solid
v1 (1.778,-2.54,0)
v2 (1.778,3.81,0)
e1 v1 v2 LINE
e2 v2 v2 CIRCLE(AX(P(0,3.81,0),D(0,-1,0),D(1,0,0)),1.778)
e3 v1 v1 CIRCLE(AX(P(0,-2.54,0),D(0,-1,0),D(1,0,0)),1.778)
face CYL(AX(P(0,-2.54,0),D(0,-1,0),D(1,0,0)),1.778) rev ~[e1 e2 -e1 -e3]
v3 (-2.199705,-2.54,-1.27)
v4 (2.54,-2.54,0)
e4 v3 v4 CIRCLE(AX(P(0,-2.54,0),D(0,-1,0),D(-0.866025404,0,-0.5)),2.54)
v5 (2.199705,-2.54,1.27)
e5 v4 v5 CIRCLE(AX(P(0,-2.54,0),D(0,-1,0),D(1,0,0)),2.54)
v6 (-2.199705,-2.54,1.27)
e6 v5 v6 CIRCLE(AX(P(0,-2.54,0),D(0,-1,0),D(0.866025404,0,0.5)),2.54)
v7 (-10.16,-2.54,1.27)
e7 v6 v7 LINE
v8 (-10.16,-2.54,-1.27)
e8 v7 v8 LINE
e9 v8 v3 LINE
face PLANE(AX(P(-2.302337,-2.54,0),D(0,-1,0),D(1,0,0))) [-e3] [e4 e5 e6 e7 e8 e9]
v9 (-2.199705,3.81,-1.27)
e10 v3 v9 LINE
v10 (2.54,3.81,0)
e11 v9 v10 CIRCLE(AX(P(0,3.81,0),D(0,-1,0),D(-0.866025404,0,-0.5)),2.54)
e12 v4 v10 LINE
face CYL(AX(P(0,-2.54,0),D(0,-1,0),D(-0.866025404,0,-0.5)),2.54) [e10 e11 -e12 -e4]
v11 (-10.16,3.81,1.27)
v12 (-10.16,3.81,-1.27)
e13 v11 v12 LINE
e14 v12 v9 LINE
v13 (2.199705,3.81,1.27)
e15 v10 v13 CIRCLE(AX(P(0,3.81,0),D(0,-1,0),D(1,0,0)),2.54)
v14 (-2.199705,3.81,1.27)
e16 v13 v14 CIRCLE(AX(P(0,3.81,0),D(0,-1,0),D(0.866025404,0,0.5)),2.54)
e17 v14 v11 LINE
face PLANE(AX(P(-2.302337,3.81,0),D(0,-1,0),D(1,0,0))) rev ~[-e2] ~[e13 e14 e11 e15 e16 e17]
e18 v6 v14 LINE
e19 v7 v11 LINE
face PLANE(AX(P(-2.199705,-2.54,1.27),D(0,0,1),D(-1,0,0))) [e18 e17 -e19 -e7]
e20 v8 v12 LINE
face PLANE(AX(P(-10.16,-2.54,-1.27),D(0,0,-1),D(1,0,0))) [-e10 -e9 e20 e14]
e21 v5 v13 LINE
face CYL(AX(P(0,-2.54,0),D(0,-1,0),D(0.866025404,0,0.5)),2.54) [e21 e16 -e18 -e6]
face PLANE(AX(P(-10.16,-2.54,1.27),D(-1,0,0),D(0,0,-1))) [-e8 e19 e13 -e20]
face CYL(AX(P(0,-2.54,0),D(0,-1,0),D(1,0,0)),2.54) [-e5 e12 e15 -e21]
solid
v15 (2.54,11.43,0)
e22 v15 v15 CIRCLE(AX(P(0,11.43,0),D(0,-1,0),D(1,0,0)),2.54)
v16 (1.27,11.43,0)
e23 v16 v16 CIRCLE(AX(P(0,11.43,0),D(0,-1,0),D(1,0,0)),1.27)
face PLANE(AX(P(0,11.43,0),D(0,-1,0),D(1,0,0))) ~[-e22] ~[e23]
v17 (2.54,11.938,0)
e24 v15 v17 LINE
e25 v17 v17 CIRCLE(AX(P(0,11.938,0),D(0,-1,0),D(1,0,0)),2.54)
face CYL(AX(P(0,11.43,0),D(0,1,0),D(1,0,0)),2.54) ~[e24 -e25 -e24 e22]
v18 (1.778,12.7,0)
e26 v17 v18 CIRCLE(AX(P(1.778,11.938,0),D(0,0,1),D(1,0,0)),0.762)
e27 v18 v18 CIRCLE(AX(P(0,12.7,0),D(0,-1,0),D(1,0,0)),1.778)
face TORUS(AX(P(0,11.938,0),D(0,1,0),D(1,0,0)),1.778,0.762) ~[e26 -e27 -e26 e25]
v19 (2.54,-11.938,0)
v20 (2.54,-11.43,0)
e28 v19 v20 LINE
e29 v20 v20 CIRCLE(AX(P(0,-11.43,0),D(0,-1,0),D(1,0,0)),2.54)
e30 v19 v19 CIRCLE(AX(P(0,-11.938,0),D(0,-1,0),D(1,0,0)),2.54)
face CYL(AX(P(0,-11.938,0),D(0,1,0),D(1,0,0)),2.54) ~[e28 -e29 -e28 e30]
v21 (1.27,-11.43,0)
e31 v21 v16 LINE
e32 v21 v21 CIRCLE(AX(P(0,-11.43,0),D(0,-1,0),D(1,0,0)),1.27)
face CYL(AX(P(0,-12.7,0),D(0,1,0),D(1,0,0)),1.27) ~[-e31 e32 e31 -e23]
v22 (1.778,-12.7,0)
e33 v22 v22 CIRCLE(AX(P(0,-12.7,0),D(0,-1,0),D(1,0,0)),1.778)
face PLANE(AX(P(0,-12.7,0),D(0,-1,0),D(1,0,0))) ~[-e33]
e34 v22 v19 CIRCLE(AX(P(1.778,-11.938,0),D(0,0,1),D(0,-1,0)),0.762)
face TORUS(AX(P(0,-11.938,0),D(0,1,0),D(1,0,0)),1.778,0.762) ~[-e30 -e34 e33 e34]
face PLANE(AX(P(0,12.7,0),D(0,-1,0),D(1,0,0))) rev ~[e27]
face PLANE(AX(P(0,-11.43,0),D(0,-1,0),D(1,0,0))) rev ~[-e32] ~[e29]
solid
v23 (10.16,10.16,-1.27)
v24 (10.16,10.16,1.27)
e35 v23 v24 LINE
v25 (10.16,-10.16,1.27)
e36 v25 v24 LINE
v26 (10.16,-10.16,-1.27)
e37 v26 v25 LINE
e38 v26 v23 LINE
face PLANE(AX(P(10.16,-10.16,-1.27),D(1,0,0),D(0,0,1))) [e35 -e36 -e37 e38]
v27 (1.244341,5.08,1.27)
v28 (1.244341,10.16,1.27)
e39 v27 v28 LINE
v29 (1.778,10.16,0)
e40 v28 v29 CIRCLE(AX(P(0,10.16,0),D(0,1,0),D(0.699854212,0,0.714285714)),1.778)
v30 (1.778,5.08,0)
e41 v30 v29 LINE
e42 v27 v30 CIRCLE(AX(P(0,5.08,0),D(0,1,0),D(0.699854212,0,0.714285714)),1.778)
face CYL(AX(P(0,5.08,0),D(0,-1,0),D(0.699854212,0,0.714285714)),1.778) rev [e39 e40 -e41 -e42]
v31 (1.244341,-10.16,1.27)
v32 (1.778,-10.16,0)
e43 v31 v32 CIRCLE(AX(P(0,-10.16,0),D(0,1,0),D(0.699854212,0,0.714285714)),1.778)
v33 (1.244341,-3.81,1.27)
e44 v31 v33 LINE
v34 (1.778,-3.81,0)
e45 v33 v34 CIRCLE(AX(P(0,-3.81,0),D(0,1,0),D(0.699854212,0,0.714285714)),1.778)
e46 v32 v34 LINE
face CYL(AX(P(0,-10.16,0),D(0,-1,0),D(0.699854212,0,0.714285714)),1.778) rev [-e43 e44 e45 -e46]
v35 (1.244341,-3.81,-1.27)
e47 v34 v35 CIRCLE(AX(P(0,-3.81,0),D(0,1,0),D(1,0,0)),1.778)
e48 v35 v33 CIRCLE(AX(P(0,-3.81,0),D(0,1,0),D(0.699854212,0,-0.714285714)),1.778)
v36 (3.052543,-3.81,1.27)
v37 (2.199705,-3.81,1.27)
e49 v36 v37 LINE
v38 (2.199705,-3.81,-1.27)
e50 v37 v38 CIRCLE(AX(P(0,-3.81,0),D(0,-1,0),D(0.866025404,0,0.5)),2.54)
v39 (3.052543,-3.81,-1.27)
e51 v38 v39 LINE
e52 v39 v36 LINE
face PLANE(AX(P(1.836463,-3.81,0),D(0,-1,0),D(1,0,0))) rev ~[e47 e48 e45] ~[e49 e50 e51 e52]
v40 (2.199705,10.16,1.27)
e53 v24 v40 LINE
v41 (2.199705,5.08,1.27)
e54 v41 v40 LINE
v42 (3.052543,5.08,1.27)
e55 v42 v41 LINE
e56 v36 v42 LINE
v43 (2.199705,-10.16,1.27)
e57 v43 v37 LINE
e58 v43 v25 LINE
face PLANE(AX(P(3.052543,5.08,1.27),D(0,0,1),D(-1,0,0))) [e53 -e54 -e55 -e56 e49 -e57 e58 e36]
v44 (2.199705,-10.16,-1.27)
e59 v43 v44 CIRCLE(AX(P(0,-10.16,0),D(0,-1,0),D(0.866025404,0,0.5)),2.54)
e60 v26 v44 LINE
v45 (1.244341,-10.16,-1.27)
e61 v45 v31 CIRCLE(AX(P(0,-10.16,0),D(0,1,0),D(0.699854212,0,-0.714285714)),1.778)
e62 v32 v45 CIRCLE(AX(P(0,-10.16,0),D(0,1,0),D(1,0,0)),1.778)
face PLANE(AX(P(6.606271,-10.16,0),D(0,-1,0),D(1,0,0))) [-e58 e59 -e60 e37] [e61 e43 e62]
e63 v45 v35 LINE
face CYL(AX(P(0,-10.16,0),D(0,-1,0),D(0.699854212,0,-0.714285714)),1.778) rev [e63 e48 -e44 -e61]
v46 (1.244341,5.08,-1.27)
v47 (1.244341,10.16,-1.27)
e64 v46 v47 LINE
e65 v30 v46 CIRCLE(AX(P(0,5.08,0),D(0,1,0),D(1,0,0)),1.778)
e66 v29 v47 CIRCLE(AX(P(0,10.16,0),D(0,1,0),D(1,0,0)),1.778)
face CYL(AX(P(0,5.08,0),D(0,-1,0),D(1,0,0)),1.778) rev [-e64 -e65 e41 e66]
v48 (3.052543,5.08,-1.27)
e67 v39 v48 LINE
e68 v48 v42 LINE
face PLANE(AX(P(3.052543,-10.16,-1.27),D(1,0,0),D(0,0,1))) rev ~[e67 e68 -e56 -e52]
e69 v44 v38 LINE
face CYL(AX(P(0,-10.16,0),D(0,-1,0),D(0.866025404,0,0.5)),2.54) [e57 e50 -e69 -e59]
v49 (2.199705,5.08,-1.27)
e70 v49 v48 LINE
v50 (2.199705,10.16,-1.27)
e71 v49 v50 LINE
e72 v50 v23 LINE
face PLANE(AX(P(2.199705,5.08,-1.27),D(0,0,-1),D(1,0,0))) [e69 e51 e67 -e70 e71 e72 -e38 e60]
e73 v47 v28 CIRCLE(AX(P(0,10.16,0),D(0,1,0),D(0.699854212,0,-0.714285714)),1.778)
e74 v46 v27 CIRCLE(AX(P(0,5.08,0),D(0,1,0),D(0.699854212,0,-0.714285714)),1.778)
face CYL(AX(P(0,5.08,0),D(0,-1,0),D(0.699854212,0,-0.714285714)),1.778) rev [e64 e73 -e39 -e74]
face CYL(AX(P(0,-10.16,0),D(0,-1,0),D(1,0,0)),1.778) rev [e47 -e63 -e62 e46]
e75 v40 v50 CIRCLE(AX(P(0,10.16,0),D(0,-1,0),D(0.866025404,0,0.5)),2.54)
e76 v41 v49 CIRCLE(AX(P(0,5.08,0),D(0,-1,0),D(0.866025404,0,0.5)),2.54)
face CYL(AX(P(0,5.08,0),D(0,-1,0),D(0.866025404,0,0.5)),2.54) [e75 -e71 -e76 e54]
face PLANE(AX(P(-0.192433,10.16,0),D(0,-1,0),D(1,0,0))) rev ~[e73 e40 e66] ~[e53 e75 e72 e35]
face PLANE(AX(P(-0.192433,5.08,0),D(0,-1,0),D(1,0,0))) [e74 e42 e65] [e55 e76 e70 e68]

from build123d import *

# Parameters (mm, degrees)
F0_W      = 1.27
F0_H      = 1.27
F0_H_2    = 22.86
F4_DEPTH  = 6.35
F3_W      = 7.1074573154
F3_H      = 2.54
F5_DEPTH  = 20.32
F8_DEPTH  = 5.08
F10_R     = 1.778
F11_DEPTH = 6.35


with BuildPart() as f1:
    # F0 (on Top) → F1 (revolve)
    with BuildSketch(Plane.XY):
        with Locations((0.635, 12.065)):
            Rectangle(F0_W, F0_H)
        with BuildLine():
            Line((1.778, 12.7), (1.27, 12.7))
            Line((1.27, 12.7), (1.27, 11.43))
            Line((1.27, 11.43), (2.54, 11.43))
            Line((2.54, 11.43), (2.54, 11.938))
            ThreePointArc((2.54, 11.938), (2.3168153673, 12.4768153673), (1.778, 12.7))
        make_face()
        with Locations((0.635, -12.065)):
            Rectangle(F0_W, F0_H)
        with Locations((0.635, 0)):
            Rectangle(F0_W, F0_H_2)
        with BuildLine():
            Line((2.54, -11.43), (1.27, -11.43))
            Line((1.27, -11.43), (1.27, -12.7))
            Line((1.27, -12.7), (1.778, -12.7))
            ThreePointArc((1.778, -12.7), (2.3168153673, -12.4768153673), (2.54, -11.938))
            Line((2.54, -11.938), (2.54, -11.43))
        make_face()
    revolve(axis=Axis((0, 0, 0), (0, -1, 0)))


with BuildPart() as f4:
    # F3 (on offset) → F4 (new body)
    with BuildSketch(Plane.XZ.offset(10.16)):
        with BuildLine():
            ThreePointArc((1.2443407893, 1.27), (1.6391647146, 0.6887837384), (1.778, 0))
            ThreePointArc((1.778, 0), (1.6391647146, -0.6887837384), (1.2443407893, -1.27))
            Line((1.2443407893, -1.27), (2.1997045256, -1.27))
            Line((2.1997045256, -1.27), (2.1997045256, 1.27))
            Line((2.1997045256, 1.27), (1.2443407893, 1.27))
        make_face()
        with BuildLine():
            ThreePointArc((2.54, 0), (2.4534515988, 0.6574003746), (2.1997045256, 1.27))
            Line((2.1997045256, 1.27), (2.1997045256, -1.27))
            ThreePointArc((2.1997045256, -1.27), (2.4534515988, -0.6574003746), (2.54, 0))
        make_face()
        with BuildLine():
            Line((3.0525426846, 1.27), (2.1997045256, 1.27))
            ThreePointArc((2.1997045256, 1.27), (2.4534515988, 0.6574003746), (2.54, 0))
            ThreePointArc((2.54, 0), (2.4534515988, -0.6574003746), (2.1997045256, -1.27))
            Line((2.1997045256, -1.27), (3.0525426846, -1.27))
            Line((3.0525426846, -1.27), (3.0525426846, 1.27))
        make_face()
        with BuildLine():
            ThreePointArc((1.2443407893, -1.27), (-1.778, 0), (1.2443407893, 1.27))
            Line((1.2443407893, 1.27), (2.1997045256, 1.27))
            ThreePointArc((2.1997045256, 1.27), (-2.54, 0), (2.1997045256, -1.27))
            Line((2.1997045256, -1.27), (1.2443407893, -1.27))
        make_face()
    extrude(amount=-F4_DEPTH)

    # F3 (on offset) → F5 (join)
    with BuildSketch(Plane.XZ.offset(10.16)):
        with Locations((6.6062713423, 0)):
            Rectangle(F3_W, F3_H)
    extrude(amount=-F5_DEPTH)

    # F7 (on offset) → F8 (join)
    with BuildSketch(Plane.XZ.offset(-5.08)):
        with BuildLine():
            Line((1.2443407893, 1.27), (2.1997045256, 1.27))
            ThreePointArc((2.1997045256, 1.27), (-2.54, 0), (2.1997045256, -1.27))
            Line((2.1997045256, -1.27), (1.2443407893, -1.27))
            ThreePointArc((1.2443407893, -1.27), (-1.778, 0), (1.2443407893, 1.27))
        make_face()
        with BuildLine():
            ThreePointArc((2.1997045256, -1.27), (2.4534515988, -0.6574003746), (2.54, 0))
            ThreePointArc((2.54, 0), (2.4534515988, 0.6574003746), (2.1997045256, 1.27))
            Line((2.1997045256, 1.27), (1.2443407893, 1.27))
            ThreePointArc((1.2443407893, 1.27), (1.6391647146, 0.6887837384), (1.778, 0))
            ThreePointArc((1.778, 0), (1.6391647146, -0.6887837384), (1.2443407893, -1.27))
            Line((1.2443407893, -1.27), (2.1997045256, -1.27))
        make_face()
        with BuildLine():
            ThreePointArc((2.1997045256, 1.27), (2.4534515988, 0.6574003746), (2.54, 0))
            ThreePointArc((2.54, 0), (2.4534515988, -0.6574003746), (2.1997045256, -1.27))
            Line((2.1997045256, -1.27), (3.0525426846, -1.27))
            Line((3.0525426846, -1.27), (3.0525426846, 1.27))
            Line((3.0525426846, 1.27), (2.1997045256, 1.27))
        make_face()
    extrude(amount=-F8_DEPTH)


with BuildPart() as f11:
    # F10 (on offset) → F11 (new body)
    with BuildSketch(Plane.XZ.offset(2.54)):
        with BuildLine():
            ThreePointArc((-2.1997045256, 1.27), (-2.54, 0), (-2.1997045256, -1.27))
            Line((-2.1997045256, -1.27), (-2.1997045256, 1.27))
        make_face()
        with BuildLine():
            ThreePointArc((-2.1997045256, -1.27), (0.6574003746, -2.4534515988), (2.54, 0))
            ThreePointArc((2.54, 0), (2.4534515988, 0.6574003746), (2.1997045256, 1.27))
            ThreePointArc((2.1997045256, 1.27), (0, 2.54), (-2.1997045256, 1.27))
            Line((-2.1997045256, 1.27), (-2.1997045256, -1.27))
        make_face()
        Circle(F10_R, mode=Mode.SUBTRACT)
        with BuildLine():
            Line((-10.16, -1.27), (-2.1997045256, -1.27))
            ThreePointArc((-2.1997045256, -1.27), (-2.54, 0), (-2.1997045256, 1.27))
            Line((-2.1997045256, 1.27), (-10.16, 1.27))
            Line((-10.16, 1.27), (-10.16, -1.27))
        make_face()
    extrude(amount=-F11_DEPTH)


solid = Compound([f1.part, f4.part, f11.part])
